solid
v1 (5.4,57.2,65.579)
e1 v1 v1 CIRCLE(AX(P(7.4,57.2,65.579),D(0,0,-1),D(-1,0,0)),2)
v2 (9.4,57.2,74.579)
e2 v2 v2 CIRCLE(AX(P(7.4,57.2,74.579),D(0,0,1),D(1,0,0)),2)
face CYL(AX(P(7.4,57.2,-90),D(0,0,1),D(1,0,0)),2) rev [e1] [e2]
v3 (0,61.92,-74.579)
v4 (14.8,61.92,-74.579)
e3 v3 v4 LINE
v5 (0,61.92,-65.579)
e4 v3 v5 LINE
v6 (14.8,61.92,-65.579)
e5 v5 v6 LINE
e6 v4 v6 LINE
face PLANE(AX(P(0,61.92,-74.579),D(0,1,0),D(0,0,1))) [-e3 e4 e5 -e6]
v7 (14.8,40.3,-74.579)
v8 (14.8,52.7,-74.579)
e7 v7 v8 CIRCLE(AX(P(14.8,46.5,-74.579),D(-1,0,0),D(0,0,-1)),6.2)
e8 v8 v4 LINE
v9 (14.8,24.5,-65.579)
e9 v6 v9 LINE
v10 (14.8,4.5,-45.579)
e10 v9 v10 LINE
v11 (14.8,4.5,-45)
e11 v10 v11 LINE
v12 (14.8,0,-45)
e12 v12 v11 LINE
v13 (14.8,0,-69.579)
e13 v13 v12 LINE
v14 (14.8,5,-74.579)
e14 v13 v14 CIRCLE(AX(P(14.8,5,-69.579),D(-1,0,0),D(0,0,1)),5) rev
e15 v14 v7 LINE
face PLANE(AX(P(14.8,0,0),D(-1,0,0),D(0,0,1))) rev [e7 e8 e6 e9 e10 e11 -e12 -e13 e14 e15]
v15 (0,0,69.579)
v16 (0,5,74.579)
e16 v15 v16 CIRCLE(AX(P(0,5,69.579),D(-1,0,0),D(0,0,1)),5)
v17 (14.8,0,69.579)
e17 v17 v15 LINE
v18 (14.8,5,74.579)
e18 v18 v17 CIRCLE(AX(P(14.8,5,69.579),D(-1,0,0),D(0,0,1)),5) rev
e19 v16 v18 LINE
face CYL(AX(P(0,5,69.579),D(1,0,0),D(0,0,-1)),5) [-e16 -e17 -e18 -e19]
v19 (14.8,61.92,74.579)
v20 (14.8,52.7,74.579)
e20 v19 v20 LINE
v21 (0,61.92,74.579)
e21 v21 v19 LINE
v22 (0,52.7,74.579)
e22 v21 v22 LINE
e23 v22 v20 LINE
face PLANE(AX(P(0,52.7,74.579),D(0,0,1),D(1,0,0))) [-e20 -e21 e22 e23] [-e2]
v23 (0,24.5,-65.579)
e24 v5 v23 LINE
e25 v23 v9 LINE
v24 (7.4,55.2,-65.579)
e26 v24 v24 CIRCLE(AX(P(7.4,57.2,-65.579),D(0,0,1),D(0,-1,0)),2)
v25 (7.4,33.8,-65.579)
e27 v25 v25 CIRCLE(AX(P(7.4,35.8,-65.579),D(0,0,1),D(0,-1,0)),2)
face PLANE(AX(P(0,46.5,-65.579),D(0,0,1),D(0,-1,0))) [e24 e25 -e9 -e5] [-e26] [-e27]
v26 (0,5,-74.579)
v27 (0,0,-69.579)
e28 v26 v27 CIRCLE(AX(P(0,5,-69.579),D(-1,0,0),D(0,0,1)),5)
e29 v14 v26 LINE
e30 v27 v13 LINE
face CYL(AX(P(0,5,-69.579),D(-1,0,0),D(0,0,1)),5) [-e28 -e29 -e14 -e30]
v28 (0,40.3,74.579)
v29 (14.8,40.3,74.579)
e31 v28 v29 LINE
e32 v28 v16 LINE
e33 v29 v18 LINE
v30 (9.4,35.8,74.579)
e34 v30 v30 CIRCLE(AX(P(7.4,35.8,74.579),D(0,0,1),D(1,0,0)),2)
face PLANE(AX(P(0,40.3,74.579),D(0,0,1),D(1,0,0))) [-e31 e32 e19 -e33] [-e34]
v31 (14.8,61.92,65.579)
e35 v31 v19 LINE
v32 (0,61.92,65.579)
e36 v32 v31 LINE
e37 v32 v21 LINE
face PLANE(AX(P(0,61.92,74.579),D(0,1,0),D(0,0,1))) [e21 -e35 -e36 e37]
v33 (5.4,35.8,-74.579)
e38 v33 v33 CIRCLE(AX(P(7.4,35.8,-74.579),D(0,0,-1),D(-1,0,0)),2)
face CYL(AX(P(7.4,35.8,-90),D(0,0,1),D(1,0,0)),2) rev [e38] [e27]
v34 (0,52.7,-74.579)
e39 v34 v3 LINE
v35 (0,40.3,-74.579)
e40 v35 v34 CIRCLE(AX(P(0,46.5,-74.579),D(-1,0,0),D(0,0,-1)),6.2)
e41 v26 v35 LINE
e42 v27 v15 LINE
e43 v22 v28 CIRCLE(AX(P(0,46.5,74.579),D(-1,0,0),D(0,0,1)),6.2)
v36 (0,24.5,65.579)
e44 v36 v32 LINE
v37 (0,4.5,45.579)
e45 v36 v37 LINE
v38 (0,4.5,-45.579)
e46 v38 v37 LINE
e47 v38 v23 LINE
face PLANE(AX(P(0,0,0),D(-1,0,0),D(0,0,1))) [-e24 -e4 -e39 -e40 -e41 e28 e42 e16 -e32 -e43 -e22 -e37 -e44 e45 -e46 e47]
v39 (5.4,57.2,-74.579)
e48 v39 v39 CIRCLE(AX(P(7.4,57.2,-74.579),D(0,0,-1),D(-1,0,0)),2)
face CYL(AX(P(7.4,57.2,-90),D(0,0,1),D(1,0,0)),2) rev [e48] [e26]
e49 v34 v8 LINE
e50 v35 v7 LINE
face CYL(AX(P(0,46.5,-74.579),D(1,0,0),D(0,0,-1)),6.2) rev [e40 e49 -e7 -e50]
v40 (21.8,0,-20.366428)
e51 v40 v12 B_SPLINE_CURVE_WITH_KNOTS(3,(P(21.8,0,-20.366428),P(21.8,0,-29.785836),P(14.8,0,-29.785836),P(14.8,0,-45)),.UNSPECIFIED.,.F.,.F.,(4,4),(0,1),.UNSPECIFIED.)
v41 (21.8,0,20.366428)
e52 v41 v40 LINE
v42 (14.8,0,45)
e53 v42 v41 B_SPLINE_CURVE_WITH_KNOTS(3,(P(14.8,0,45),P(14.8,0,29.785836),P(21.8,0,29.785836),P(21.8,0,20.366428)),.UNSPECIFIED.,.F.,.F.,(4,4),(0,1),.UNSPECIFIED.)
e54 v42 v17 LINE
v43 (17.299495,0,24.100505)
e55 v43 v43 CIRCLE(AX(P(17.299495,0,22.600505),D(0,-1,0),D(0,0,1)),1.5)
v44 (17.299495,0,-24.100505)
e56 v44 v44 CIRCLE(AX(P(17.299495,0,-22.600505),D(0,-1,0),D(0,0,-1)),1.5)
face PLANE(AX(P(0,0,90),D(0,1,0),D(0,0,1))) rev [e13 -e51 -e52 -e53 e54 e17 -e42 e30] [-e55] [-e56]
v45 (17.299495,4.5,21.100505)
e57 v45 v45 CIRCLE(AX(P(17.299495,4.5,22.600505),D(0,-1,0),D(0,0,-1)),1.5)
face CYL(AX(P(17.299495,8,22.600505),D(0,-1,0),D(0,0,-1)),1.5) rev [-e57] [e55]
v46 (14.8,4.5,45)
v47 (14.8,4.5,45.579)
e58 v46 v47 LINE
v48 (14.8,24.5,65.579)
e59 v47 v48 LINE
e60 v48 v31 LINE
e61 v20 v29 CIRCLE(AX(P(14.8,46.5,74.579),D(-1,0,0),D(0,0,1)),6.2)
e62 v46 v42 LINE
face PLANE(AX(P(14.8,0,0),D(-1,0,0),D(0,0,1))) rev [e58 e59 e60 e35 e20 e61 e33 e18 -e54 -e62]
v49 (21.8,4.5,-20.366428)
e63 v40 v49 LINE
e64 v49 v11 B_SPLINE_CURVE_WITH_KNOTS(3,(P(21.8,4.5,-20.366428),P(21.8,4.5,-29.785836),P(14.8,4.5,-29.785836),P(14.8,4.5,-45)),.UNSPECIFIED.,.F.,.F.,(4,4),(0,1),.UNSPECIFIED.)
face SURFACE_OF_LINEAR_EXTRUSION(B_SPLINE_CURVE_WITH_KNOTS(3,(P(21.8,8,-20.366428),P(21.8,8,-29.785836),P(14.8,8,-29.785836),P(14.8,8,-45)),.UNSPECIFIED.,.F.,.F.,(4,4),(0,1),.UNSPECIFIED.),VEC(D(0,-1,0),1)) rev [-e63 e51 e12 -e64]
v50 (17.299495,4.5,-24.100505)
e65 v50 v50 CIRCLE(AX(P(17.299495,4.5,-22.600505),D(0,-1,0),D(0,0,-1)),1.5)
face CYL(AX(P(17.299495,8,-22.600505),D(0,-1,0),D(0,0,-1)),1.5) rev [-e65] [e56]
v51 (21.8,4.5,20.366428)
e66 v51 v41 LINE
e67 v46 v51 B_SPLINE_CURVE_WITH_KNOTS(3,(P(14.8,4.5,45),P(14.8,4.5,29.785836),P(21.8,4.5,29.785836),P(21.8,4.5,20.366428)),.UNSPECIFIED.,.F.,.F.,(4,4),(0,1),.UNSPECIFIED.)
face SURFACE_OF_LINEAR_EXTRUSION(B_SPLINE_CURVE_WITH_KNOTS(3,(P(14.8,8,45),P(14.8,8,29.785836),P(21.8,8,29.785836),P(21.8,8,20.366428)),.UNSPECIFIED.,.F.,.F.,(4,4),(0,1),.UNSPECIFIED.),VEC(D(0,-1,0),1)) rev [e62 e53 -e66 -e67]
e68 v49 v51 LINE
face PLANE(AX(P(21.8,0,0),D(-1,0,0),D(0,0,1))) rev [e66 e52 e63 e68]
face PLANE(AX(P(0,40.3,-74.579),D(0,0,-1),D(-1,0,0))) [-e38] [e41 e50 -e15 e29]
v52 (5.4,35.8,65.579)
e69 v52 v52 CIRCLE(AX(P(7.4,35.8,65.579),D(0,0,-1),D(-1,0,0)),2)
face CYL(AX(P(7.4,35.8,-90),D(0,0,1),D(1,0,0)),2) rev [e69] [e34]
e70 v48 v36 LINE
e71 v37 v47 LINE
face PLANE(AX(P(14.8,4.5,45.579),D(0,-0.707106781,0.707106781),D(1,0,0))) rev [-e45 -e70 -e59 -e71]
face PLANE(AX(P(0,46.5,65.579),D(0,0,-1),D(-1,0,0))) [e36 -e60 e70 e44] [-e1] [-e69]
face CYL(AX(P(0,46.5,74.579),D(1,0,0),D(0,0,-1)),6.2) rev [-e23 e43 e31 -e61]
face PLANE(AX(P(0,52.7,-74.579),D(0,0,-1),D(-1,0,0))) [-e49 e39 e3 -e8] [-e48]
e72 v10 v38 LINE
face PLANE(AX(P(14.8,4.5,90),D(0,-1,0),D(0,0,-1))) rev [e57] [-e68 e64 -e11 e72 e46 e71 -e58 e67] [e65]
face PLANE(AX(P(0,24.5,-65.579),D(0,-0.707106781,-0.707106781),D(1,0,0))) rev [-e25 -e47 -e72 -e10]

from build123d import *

# Parameters (mm, degrees)
SKETCH2_W               = 180
SKETCH2_H               = 9
BOSS_EXTRUDE1_DEPTH     = 14.8
SKETCH7_W               = 180
SKETCH7_H               = 4.5
CUT_EXTRUDE1_DEPTH      = 92.319713096
SKETCH8_W               = 90
SKETCH8_H               = 4.5
BOSS_EXTRUDE2_DEPTH     = 7
SKETCH10_R              = 1.5
CUT_EXTRUDE2_DEPTH      = 8
BOSS_EXTRUDE3_DEPTH     = 14.8
CUT_EXTRUDE3_DEPTH      = 178.187961437
CUT_EXTRUDE3_DEPTH_BACK = 178.187961437
SKETCH12_R              = 2
CUT_EXTRUDE4_DEPTH      = 112.397156258
CUT_EXTRUDE4_DEPTH_BACK = 112.397156258
SKETCH13_W              = 26.348017916
SKETCH13_H              = 14.929639375
FILLET2_R               = 5
CHAMFER1_SIZE           = 20


with BuildPart() as part:
    # Sketch2 → Boss-Extrude1 (new body)
    with BuildSketch(Plane(origin=(0, 0, 0), x_dir=(0, 0, -1), z_dir=(1, 0, 0))):
        Rectangle(SKETCH2_W, SKETCH2_H)
    extrude(amount=BOSS_EXTRUDE1_DEPTH)

    # Sketch7 → Cut-Extrude1 (cut, through all)
    with BuildSketch(Plane(origin=(14.8, 0, 0), x_dir=(0, 0, -1), z_dir=(1, 0, 0))):
        with Locations((0, -2.25)):
            Rectangle(SKETCH7_W, SKETCH7_H)
    extrude(amount=-CUT_EXTRUDE1_DEPTH, mode=Mode.SUBTRACT)

    # Sketch8 → Boss-Extrude2 (add)
    with BuildSketch(Plane(origin=(14.8, 0, 0), x_dir=(0, 0, -1), z_dir=(1, 0, 0))):
        with Locations((0, 2.25)):
            Rectangle(SKETCH8_W, SKETCH8_H)
    extrude(amount=BOSS_EXTRUDE2_DEPTH)

    # Sketch10 → Cut-Extrude2 (cut)
    with BuildSketch(Plane.XZ):
        with Locations(Location((17.299494937, -22.600505063, 0), (0, 0, 270))):
            Circle(SKETCH10_R)
        with Locations(Location((17.299494937, 22.600505063, 0), (0, 0, 270))):
            Circle(SKETCH10_R)
        with BuildLine():
            Line((21.8, -20.3664278), (30.172283889, -20.3664278))
            Line((30.172283889, -20.3664278), (30.172283889, -52.03884906))
            Line((30.172283889, -52.03884906), (14.8, -52.03884906))
            Line((14.8, -52.03884906), (14.8, -45))
            add(Edge.make_bspline(
                [(14.8, -45), (14.8, -29.785835575), (21.8, -29.785835575), (21.8, -20.3664278)],
                knots=[0, 0, 0, 0, 1, 1, 1, 1], degree=3))
        make_face()
        with BuildLine():
            Line((30.172283889, 52.03884906), (14.8, 52.03884906))
            Line((14.8, 52.03884906), (14.8, 45))
            add(Edge.make_bspline(
                [(14.8, 45), (14.8, 29.785835575), (21.8, 29.785835575), (21.8, 20.3664278)],
                knots=[0, 0, 0, 0, 1, 1, 1, 1], degree=3))
            Line((21.8, 20.3664278), (30.172283889, 20.3664278))
            Line((30.172283889, 20.3664278), (30.172283889, 52.03884906))
        make_face()
    extrude(amount=-CUT_EXTRUDE2_DEPTH, mode=Mode.SUBTRACT)

    # Sketch11 → Boss-Extrude3 (add)
    with BuildSketch(Plane(origin=(14.8, 0, 0), x_dir=(0, 0, -1), z_dir=(1, 0, 0))):
        with BuildLine():
            Line((74.579, 40.3), (74.579, 4.5))
            Line((74.579, 4.5), (65.579, 4.5))
            Line((65.579, 4.5), (65.579, 46.5))
            Line((65.579, 46.5), (65.579, 61.92))
            Line((65.579, 61.92), (74.579, 61.92))
            Line((74.579, 61.92), (74.579, 52.7))
            ThreePointArc((74.579, 52.7), (68.379, 46.5), (74.579, 40.3))
        make_face()
        with BuildLine():
            Line((-74.579, 52.7), (-74.579, 61.92))
            Line((-74.579, 61.92), (-65.579, 61.92))
            Line((-65.579, 61.92), (-65.579, 46.5))
            Line((-65.579, 46.5), (-65.579, 4.5))
            Line((-65.579, 4.5), (-74.579, 4.5))
            Line((-74.579, 4.5), (-74.579, 40.3))
            ThreePointArc((-74.579, 40.3), (-68.379, 46.5), (-74.579, 52.7))
        make_face()
    extrude(amount=-BOSS_EXTRUDE3_DEPTH)

    # Sketch12 → Cut-Extrude3 (cut, two sides: drawn at the far end of the back side and taken through both)
    with BuildSketch(Plane.XY.offset(74.579).offset(-CUT_EXTRUDE3_DEPTH_BACK)):
        with Locations((7.4, 57.2)):
            Circle(SKETCH12_R)
        with Locations((7.4, 35.8)):
            Circle(SKETCH12_R)
    extrude(amount=CUT_EXTRUDE3_DEPTH + CUT_EXTRUDE3_DEPTH_BACK, mode=Mode.SUBTRACT)

    # Sketch13 → Cut-Extrude4 (cut, two sides: drawn at the far end of the back side and taken through both)
    with BuildSketch(Plane.ZY.offset(-CUT_EXTRUDE4_DEPTH_BACK)):
        with Locations((87.753008958, -2.964819688)):
            Rectangle(SKETCH13_W, SKETCH13_H)
        with Locations((-87.753008958, -2.964819688)):
            Rectangle(SKETCH13_W, SKETCH13_H)
    extrude(amount=CUT_EXTRUDE4_DEPTH + CUT_EXTRUDE4_DEPTH_BACK, mode=Mode.SUBTRACT)

    # Fillet2
    fillet2_edges = [part.edges().sort_by_distance(p)[0] for p in [
        (7.4, 0, -74.579),
        (7.4, 0, 74.579),
    ]]
    fillet(fillet2_edges, radius=FILLET2_R)

    # Chamfer1
    chamfer1_edges = [part.edges().sort_by_distance(p)[0] for p in [
        (7.4, 4.5, 65.579),
        (7.4, 4.5, -65.579),
    ]]
    chamfer(chamfer1_edges, length=CHAMFER1_SIZE)


solid = part.part
